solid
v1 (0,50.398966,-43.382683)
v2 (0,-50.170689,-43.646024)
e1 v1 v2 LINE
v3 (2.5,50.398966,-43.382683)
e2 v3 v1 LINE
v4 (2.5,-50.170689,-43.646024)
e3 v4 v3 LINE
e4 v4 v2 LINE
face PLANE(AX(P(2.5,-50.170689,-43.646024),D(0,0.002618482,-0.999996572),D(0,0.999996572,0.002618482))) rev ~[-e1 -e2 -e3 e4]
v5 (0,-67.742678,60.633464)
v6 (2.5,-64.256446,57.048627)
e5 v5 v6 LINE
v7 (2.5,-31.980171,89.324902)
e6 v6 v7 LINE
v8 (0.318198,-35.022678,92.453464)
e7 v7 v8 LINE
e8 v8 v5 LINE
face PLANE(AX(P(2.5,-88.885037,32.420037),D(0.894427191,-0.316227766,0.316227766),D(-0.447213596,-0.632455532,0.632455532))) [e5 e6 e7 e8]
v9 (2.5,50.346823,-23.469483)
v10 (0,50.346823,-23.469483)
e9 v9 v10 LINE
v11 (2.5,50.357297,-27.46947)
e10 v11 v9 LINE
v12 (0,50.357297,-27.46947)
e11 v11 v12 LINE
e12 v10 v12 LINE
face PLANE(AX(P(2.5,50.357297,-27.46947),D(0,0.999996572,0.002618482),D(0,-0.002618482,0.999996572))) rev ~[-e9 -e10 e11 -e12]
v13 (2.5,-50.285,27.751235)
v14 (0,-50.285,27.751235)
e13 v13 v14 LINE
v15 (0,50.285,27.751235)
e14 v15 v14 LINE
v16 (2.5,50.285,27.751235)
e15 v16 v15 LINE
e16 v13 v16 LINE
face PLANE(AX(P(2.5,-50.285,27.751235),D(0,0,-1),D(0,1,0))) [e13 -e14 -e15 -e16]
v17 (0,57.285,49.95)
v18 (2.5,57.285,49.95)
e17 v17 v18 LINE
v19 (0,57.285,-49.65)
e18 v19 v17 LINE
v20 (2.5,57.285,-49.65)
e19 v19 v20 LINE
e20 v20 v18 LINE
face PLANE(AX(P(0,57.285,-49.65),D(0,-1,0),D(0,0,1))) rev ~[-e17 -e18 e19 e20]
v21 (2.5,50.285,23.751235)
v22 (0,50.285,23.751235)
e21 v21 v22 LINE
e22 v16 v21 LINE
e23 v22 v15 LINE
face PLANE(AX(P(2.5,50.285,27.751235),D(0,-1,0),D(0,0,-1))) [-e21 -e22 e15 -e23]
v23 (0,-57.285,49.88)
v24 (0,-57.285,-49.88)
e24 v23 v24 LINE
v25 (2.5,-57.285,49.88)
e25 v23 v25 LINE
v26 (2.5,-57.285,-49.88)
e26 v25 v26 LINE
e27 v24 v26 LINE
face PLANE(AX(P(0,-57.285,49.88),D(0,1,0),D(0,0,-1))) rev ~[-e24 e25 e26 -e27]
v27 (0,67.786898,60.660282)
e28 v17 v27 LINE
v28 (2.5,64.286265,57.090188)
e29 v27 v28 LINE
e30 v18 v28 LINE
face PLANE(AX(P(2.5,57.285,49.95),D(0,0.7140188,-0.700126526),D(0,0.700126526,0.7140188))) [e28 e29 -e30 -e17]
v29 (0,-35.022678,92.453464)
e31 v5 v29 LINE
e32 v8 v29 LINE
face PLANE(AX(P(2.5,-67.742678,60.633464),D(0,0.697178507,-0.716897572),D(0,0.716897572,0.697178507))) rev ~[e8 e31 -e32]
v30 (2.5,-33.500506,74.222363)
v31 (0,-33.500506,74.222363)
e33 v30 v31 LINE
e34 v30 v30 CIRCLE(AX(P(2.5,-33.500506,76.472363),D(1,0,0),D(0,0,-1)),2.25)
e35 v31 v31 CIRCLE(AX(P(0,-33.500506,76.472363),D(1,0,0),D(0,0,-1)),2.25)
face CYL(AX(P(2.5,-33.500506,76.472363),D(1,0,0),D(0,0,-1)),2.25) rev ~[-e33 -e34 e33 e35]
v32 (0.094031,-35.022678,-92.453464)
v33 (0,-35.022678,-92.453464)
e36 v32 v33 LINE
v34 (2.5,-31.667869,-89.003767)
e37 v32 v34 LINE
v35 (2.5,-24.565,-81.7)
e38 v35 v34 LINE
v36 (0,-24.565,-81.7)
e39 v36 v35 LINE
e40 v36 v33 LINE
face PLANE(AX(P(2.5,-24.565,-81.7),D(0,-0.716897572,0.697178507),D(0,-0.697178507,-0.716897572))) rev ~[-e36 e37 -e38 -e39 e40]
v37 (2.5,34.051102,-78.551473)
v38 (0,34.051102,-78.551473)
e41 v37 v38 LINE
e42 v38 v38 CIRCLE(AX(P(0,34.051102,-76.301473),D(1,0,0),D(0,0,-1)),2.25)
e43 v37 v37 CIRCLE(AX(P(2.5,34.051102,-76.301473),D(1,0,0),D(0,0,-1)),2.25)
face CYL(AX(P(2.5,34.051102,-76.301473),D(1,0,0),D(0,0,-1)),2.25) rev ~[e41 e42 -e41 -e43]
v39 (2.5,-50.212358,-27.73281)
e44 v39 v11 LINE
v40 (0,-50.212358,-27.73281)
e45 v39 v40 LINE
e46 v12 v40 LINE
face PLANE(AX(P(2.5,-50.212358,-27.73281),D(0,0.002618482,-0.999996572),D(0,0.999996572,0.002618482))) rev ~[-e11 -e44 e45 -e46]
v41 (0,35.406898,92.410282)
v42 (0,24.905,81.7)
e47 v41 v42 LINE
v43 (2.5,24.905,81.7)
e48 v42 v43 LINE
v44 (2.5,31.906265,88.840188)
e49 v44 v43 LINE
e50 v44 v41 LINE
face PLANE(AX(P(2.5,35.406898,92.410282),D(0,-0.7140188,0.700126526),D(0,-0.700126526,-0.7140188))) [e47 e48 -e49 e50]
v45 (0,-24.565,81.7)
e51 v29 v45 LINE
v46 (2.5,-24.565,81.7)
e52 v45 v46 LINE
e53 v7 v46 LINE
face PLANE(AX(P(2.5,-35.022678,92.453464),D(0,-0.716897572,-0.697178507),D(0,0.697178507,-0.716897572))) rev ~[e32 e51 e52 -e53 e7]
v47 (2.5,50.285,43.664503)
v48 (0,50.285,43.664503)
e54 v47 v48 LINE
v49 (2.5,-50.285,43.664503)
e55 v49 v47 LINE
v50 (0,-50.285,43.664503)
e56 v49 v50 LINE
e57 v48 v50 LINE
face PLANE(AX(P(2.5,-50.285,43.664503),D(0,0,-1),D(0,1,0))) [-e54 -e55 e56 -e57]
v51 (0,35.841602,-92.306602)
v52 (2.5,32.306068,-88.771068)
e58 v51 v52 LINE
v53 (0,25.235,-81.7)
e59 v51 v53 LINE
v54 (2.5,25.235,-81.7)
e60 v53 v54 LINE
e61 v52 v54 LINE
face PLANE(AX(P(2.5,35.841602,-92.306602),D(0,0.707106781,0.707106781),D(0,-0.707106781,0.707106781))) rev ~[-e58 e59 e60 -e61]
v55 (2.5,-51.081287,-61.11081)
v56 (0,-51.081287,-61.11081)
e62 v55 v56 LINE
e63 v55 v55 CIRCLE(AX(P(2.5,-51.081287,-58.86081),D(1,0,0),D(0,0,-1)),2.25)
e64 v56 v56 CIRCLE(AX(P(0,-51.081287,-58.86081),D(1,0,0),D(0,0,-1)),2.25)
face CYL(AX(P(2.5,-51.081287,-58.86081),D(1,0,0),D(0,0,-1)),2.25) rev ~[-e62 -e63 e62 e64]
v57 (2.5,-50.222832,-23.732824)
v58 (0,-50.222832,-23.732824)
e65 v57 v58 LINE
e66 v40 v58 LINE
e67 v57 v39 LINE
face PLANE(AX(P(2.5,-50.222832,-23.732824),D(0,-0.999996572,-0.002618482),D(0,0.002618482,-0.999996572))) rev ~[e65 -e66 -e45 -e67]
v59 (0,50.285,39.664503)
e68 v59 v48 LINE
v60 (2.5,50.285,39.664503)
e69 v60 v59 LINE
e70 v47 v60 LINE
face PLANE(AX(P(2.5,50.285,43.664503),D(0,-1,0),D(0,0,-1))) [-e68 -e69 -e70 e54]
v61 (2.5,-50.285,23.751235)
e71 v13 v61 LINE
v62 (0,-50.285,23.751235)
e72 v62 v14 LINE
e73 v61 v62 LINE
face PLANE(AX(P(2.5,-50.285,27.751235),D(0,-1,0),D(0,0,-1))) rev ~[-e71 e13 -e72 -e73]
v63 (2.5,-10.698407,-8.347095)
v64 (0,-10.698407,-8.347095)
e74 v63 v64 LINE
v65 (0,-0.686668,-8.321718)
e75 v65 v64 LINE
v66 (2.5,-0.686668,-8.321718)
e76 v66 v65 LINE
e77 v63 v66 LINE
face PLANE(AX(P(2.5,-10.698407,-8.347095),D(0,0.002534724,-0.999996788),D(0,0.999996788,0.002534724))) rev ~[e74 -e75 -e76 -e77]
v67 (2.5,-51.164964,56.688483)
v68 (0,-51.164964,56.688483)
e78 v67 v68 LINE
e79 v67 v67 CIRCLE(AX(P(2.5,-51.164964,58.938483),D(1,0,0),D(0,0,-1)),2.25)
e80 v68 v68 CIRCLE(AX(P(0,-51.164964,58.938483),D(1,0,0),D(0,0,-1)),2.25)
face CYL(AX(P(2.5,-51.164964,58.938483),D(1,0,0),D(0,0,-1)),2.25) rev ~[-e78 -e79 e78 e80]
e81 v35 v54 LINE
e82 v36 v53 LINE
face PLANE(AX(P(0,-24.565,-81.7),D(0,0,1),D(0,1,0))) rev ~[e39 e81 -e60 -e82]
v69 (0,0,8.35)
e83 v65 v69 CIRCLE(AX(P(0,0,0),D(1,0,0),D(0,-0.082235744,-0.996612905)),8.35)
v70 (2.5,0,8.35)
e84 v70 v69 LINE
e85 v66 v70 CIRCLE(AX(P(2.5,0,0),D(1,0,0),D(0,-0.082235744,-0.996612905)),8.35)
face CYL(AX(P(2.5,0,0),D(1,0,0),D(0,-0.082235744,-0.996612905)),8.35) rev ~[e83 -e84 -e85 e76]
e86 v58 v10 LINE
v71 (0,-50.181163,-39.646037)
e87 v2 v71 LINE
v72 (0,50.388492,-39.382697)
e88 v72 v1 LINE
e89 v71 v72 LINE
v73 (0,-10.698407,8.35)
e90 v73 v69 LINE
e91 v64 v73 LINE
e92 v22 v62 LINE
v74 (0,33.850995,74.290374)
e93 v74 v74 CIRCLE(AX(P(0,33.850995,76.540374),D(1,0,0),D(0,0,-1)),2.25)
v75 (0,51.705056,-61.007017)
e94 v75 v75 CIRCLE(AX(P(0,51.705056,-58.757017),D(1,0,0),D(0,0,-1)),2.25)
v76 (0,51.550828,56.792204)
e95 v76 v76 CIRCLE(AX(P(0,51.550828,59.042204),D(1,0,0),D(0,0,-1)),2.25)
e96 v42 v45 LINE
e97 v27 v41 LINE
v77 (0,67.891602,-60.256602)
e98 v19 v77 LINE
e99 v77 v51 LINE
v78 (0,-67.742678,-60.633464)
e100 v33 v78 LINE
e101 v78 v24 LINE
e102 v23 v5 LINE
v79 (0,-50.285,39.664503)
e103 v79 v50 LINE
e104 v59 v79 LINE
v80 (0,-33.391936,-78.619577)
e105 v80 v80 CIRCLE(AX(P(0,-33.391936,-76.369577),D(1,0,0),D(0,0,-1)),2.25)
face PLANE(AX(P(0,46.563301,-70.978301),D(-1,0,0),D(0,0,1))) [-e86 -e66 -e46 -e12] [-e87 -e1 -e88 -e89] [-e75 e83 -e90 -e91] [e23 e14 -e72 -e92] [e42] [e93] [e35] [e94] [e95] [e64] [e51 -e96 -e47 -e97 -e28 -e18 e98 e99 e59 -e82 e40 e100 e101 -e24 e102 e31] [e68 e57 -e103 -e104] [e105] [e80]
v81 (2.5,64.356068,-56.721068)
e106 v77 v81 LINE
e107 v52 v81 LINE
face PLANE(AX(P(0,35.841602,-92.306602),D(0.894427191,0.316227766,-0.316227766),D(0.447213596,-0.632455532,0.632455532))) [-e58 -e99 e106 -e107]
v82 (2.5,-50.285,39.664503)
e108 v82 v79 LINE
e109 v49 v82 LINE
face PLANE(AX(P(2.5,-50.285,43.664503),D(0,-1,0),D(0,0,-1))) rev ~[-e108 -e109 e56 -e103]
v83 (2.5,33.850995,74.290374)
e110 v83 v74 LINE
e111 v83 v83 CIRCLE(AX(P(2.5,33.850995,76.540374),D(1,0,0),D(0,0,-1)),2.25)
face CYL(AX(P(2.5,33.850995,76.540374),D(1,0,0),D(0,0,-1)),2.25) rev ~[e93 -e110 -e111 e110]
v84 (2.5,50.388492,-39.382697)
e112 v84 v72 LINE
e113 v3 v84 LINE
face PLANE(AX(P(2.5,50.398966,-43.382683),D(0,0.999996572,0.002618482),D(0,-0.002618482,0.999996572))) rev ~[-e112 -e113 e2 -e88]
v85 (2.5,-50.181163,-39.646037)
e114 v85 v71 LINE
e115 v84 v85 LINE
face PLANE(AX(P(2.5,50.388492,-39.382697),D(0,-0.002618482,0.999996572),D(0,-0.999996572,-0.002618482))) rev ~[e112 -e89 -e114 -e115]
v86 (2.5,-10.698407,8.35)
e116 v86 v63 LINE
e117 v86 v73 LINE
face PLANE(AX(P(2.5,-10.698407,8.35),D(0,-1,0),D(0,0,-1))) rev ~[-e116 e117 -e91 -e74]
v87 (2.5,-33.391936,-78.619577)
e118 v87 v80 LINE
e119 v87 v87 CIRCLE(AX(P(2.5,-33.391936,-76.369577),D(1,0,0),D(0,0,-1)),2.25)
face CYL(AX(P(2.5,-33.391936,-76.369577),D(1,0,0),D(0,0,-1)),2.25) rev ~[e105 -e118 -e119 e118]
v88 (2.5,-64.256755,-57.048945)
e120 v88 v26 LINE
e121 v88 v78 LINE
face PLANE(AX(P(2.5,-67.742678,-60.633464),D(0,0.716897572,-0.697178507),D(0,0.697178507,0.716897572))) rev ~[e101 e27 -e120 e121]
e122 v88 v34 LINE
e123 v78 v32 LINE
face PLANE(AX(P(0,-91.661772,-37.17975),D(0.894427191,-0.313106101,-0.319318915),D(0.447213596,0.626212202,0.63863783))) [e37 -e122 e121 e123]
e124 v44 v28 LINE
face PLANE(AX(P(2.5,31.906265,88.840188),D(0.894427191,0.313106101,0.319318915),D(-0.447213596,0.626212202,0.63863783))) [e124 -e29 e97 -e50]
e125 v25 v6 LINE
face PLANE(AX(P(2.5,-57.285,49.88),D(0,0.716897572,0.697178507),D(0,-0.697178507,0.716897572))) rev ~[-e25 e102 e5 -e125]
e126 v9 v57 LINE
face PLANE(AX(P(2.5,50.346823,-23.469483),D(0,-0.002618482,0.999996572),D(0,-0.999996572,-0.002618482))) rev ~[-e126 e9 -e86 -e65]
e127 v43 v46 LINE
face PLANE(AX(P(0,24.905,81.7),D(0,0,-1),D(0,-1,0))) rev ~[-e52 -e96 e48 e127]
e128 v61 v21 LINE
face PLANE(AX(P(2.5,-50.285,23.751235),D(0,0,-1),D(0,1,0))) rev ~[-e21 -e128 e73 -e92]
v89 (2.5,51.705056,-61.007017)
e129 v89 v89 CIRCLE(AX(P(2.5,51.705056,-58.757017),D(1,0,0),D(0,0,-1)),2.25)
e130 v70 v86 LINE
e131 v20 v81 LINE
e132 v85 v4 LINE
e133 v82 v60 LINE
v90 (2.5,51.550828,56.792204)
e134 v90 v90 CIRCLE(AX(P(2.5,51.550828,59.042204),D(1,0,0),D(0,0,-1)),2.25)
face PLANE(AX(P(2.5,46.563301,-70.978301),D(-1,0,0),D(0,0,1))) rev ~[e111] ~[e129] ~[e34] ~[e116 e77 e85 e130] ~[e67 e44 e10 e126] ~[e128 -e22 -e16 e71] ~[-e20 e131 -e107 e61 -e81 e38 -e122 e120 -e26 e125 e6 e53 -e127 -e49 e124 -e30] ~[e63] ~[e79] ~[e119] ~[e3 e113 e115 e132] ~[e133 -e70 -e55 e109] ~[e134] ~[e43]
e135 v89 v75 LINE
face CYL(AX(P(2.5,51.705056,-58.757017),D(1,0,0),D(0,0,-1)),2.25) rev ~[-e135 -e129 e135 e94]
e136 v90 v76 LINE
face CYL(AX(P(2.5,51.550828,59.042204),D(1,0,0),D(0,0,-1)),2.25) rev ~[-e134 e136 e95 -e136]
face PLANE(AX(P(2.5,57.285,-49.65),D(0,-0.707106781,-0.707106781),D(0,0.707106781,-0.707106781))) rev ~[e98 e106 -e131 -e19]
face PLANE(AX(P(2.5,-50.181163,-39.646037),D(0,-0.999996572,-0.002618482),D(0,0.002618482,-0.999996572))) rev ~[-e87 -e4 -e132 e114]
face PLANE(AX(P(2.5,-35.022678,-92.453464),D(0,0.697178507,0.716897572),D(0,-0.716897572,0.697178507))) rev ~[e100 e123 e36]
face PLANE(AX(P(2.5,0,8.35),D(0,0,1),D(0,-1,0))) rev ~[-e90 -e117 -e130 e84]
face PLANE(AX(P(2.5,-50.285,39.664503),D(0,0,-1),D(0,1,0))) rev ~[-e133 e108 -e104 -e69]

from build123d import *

# Parameters (mm, degrees)
SALIENTE_EXTRUIR1_DEPTH = 2.5
SALIENTE_EXTRUIR2_DEPTH = 2.5
CROQUIS3_R              = 2.25
CROQUIS3_W              = 4
CROQUIS3_H              = 100.57
CORTAR_EXTRUIR1_DEPTH   = 10
CORTAR_EXTRUIR3_DEPTH   = 82
CORTAR_EXTRUIR4_DEPTH   = 90


with BuildPart() as part:
    # Croquis1 → Saliente-Extruir1 (new body)
    with BuildSketch(Plane(origin=(0, 0, 0), x_dir=(0, 0, -1), z_dir=(1, 0, 0))):
        Polygon((-49.88, -57.285), (49.88, -57.285), (81.7, -24.565), (81.7, 25.235), (49.65, 57.285), (-49.95, 57.285), (-81.7, 24.905), (-81.7, -24.565), align=None)
    extrude(amount=SALIENTE_EXTRUIR1_DEPTH)

    # Croquis2 → Saliente-Extruir2 (add)
    with BuildSketch(Plane(origin=(2.5, 0, 0), x_dir=(0, 0, -1), z_dir=(1, 0, 0))):
        Polygon((81.7, 25.235), (49.65, 57.285), (60.256601718, 67.891601718), (92.306601718, 35.841601718), align=None)
        Polygon((-81.7, 24.905), (-49.95, 57.285), (-60.660282007, 67.786897892), (-92.410282007, 35.406897892), align=None)
        Polygon((-81.7, -24.565), (-49.88, -57.285), (-60.633463585, -67.742677606), (-92.453463585, -35.022677606), align=None)
        Polygon((49.88, -57.285), (81.7, -24.565), (92.453463585, -35.022677606), (60.633463585, -67.742677606), align=None)
    extrude(amount=-SALIENTE_EXTRUIR2_DEPTH)

    # Croquis3 → Cortar-Extruir1 (cut)
    with BuildSketch(Plane(origin=(2.5, 0, 0), x_dir=(0, 0, -1), z_dir=(1, 0, 0))):
        with Locations((-76.540373615, 33.850995118)):
            Circle(CROQUIS3_R)
        with Locations((-59.042204467, 51.550828198)):
            Circle(CROQUIS3_R)
        with Locations((76.301473252, 34.051102275)):
            Circle(CROQUIS3_R)
        with Locations((58.757017396, 51.705056035)):
            Circle(CROQUIS3_R)
        with Locations((76.369576687, -33.391936282)):
            Circle(CROQUIS3_R)
        with Locations((58.860810215, -51.081286502)):
            Circle(CROQUIS3_R)
        with Locations((-58.938482889, -51.164964143)):
            Circle(CROQUIS3_R)
        with Locations((-76.472362613, -33.500506143)):
            Circle(CROQUIS3_R)
        with BuildLine():
            Line((-8.35, 0), (-8.35, -10.698407243))
            Line((-8.35, -10.698407243), (8.347094832, -10.698407243))
            Line((8.347094832, -10.698407243), (8.321717757, -0.686668462))
            ThreePointArc((8.321717757, -0.686668462), (0.343625327, 8.342926443), (-8.35, 0))
        make_face()
        Polygon((23.469483411, 50.346823407), (23.732824148, -50.222831816), (27.732810435, -50.212357888), (27.469469698, 50.357297335), align=None)
        with Locations((-41.664502762, 0)):
            Rectangle(CROQUIS3_W, CROQUIS3_H)
        with Locations((-25.751234947, 0)):
            Rectangle(CROQUIS3_W, CROQUIS3_H)
        Polygon((39.382696671, 50.388492013), (39.646037409, -50.18116321), (43.646023696, -50.170689282), (43.382682959, 50.398965941), align=None)
    extrude(amount=-CORTAR_EXTRUIR1_DEPTH, mode=Mode.SUBTRACT)

    # Croquis4 → Cortar-Extruir3 (cut)
    with BuildSketch(Plane(origin=(0, -28.144978127, 27.597376638), x_dir=(1, 0, 0), z_dir=(0, -0.7140188004824893, 0.7001265261062083))):
        Polygon((0, 90.771987132), (2.5, 90.771987132), (2.5, 85.771987132), align=None)
        Polygon((2.5, -90.72187848), (0, -90.72187848), (2.5, -85.72187848), align=None)
    extrude(amount=-CORTAR_EXTRUIR3_DEPTH, mode=Mode.SUBTRACT)

    # Croquis6 → Cortar-Extruir4 (cut)
    with BuildSketch(Plane(origin=(0, -28.2325, -28.2325), x_dir=(1, 0, 0), z_dir=(0, -0.7071067811865475, -0.7071067811865477))):
        Polygon((0, -90.614463646), (2.5, -85.614463646), (2.5, -90.614463646), align=None)
        Polygon((0, 90.775639979), (2.5, 90.775639979), (2.5, 85.775639979), align=None)
    extrude(amount=-CORTAR_EXTRUIR4_DEPTH, mode=Mode.SUBTRACT)


solid = part.part
